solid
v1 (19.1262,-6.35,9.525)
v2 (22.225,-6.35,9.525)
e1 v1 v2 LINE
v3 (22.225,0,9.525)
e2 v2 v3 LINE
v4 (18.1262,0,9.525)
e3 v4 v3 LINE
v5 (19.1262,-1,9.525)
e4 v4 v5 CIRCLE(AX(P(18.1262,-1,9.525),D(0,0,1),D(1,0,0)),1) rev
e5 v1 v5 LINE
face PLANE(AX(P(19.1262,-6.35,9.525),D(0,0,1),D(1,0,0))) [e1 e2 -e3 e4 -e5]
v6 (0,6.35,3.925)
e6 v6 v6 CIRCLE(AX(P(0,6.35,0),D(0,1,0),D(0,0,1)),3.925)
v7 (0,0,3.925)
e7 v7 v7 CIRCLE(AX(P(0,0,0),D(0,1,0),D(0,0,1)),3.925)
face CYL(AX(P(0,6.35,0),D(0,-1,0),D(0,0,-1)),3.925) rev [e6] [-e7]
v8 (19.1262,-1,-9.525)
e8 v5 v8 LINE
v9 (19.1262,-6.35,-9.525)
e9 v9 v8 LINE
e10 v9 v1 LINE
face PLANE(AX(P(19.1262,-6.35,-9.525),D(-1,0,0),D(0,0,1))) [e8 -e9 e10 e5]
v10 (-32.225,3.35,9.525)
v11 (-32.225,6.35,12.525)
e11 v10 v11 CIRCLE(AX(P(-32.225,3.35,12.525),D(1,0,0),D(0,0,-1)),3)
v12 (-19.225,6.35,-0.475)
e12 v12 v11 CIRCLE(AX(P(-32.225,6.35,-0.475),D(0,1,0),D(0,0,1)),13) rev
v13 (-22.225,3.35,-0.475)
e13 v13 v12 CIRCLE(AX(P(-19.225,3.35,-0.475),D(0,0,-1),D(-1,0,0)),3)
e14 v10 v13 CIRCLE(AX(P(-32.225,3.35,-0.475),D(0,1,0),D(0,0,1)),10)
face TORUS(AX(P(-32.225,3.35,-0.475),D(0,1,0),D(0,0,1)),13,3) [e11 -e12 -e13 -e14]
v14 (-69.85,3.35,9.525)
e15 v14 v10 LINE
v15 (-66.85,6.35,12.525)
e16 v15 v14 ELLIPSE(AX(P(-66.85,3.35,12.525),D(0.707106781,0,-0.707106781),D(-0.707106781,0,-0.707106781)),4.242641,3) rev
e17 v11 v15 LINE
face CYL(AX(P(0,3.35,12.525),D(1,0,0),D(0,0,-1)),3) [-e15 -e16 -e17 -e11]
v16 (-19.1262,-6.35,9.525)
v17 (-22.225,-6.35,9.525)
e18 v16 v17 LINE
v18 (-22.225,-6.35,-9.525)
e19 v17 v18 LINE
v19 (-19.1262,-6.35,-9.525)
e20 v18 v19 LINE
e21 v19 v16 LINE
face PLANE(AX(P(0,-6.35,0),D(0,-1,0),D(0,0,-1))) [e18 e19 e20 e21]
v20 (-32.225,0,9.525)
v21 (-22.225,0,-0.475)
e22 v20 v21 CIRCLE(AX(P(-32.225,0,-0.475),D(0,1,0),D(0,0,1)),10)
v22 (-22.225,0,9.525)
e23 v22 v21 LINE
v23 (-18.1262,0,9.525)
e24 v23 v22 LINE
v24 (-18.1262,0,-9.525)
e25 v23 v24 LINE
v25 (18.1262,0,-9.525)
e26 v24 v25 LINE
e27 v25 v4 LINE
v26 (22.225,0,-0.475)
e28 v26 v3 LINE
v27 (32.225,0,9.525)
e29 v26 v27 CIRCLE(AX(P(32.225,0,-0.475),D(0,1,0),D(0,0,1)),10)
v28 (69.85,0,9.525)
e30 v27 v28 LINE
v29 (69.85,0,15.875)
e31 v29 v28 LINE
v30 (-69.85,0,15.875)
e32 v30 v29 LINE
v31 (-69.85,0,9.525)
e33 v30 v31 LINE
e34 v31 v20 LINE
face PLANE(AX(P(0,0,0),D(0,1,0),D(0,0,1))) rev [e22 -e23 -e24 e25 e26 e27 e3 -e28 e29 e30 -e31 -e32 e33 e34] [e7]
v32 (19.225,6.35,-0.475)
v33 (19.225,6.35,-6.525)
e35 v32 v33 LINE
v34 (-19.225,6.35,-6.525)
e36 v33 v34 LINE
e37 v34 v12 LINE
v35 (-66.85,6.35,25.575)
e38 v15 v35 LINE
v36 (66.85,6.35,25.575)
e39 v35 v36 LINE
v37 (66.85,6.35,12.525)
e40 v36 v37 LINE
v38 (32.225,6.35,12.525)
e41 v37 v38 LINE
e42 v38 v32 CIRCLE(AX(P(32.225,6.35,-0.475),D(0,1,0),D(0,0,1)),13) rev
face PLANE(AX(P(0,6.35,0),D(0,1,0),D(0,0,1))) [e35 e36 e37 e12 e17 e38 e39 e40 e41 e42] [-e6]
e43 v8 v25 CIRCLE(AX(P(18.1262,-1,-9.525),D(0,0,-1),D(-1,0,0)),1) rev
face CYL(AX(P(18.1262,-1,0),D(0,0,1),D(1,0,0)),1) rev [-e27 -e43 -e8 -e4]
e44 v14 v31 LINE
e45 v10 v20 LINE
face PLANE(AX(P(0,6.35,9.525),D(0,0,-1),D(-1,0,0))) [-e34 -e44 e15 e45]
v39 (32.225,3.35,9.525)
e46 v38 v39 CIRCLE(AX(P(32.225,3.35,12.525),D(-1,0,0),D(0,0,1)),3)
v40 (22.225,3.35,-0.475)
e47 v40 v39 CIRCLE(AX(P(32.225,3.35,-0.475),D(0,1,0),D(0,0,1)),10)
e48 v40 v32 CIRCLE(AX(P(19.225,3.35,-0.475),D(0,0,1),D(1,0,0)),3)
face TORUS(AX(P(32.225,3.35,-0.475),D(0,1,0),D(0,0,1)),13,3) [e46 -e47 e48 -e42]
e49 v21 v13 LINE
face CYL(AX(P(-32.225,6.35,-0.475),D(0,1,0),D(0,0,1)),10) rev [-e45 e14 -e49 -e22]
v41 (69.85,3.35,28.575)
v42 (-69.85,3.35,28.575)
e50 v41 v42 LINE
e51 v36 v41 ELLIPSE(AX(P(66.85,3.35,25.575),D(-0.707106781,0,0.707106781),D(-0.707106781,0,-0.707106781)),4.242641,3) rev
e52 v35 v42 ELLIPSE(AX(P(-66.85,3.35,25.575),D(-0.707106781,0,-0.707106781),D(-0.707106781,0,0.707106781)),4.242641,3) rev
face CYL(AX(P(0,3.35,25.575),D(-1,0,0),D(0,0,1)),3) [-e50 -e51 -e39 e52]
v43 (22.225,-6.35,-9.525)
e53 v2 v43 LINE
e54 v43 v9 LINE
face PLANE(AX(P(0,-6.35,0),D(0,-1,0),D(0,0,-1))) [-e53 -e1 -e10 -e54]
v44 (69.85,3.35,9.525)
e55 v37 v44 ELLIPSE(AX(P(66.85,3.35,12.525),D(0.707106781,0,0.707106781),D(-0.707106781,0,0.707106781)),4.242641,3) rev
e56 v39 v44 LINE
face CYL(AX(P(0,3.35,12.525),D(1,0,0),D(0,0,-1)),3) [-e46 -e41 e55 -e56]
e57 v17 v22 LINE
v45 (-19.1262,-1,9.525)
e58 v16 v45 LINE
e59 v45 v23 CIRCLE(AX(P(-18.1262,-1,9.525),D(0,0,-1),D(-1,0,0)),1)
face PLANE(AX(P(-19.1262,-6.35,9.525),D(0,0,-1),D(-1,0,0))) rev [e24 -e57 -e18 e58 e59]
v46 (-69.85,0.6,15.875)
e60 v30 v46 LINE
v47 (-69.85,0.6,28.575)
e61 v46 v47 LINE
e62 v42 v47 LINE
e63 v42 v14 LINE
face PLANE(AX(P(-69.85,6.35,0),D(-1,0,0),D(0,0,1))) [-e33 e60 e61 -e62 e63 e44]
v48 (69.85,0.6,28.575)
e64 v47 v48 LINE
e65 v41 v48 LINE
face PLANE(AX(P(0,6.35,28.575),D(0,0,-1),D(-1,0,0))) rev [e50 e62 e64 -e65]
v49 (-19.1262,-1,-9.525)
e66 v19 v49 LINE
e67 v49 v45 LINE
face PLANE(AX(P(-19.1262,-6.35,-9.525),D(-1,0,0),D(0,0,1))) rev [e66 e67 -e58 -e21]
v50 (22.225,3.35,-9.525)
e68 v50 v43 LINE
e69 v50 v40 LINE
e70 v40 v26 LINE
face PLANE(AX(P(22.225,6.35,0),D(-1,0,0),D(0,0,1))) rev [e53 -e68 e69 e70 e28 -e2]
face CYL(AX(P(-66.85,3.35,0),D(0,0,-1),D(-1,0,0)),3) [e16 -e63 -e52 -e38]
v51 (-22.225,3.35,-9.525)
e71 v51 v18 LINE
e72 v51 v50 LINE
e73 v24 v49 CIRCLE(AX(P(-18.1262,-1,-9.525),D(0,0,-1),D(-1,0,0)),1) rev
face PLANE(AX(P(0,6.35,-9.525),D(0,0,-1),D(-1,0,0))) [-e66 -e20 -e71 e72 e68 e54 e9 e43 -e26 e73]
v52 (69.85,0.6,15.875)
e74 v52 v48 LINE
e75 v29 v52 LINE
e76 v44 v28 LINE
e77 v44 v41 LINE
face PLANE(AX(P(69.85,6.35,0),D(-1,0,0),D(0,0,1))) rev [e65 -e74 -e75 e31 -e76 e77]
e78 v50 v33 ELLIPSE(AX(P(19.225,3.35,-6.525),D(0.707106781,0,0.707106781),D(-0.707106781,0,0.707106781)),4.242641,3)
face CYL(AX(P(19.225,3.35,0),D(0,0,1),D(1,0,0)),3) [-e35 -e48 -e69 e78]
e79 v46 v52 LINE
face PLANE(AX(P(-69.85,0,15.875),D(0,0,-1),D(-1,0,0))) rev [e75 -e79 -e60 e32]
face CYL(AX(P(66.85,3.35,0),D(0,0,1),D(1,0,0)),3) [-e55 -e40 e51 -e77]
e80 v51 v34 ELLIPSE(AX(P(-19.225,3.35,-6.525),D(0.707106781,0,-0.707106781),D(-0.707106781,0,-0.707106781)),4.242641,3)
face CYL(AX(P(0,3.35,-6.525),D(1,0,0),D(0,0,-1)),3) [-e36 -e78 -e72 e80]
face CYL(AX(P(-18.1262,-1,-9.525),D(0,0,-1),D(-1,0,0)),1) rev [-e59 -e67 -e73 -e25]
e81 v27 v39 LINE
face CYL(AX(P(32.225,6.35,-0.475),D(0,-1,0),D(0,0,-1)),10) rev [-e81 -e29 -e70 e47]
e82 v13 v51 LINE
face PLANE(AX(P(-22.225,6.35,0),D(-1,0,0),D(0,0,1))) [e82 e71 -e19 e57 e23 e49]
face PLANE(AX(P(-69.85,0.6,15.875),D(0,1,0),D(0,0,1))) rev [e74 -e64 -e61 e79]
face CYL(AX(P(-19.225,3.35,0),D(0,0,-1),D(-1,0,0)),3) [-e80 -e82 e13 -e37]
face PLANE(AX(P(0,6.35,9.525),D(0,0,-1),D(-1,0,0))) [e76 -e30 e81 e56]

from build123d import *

# Parameters (mm, degrees)
SKETCH1_R           = 8.89
SKETCH1_R_2         = 3.925
BOSS_EXTRUDE1_DEPTH = 6.35
SKETCH2_W           = 12.7
SKETCH2_H           = 0.6
CUT_EXTRUDE1_DEPTH  = 143.733819135
SKETCH3_W           = 3.0988
SKETCH3_H           = 19.05
BOSS_EXTRUDE2_DEPTH = 6.35
FILLET4_R           = 10
FILLET1_R           = 3
FILLET2_R           = 1


with BuildPart() as part:
    # Sketch1 → Boss-Extrude1 (new body)
    # profile 1 of 2: a face of its own
    with BuildSketch(Plane(origin=(0, 0, 0), x_dir=(1, 0, 0), z_dir=(0, 1, 0))):
        Polygon((-69.85, -28.575), (69.85, -28.575), (69.85, -9.525), (22.225, -9.525), (22.225, 9.525), (-22.225, 9.525), (-22.225, -9.525), (-69.85, -9.525), align=None)
        Circle(SKETCH1_R, mode=Mode.SUBTRACT)
    # profile 2 of 2: a face of its own
    with BuildSketch(Plane(origin=(0, 0, 0), x_dir=(1, 0, 0), z_dir=(0, 1, 0))):
        Circle(SKETCH1_R)
        with Locations(Location((0, 0, 0), (0, 0, 270))):
            Circle(SKETCH1_R_2, mode=Mode.SUBTRACT)
    extrude(amount=BOSS_EXTRUDE1_DEPTH)

    # Sketch2 → Cut-Extrude1 (cut, through all)
    with BuildSketch(Plane(origin=(69.85, 0, 0), x_dir=(0, 0, -1), z_dir=(1, 0, 0))):
        with Locations((-22.225, 0.3)):
            Rectangle(SKETCH2_W, SKETCH2_H)
    extrude(amount=-CUT_EXTRUDE1_DEPTH, mode=Mode.SUBTRACT)

    # Sketch3 → Boss-Extrude2 (add)
    with BuildSketch(Plane.XZ):
        with Locations((-20.6756, 0)):
            Rectangle(SKETCH3_W, SKETCH3_H)
    boss_extrude2 = extrude(amount=BOSS_EXTRUDE2_DEPTH)

    # Mirror1: Boss-Extrude2 across plane
    add(boss_extrude2.mirror(Plane(origin=(0, 0, 0), x_dir=(0, 0, 1), z_dir=(1, 0, 0))))

    # Fillet4
    fillet4_edges = [part.edges().sort_by_distance(p)[0] for p in [
        (-22.225, 3.175, 9.525),
        (22.225, 3.175, 9.525),
    ]]
    fillet(fillet4_edges, radius=FILLET4_R)

    # Fillet1
    fillet1_edges = [part.edges().sort_by_distance(p)[0] for p in [
        (0, 6.35, 28.575),
        (69.85, 6.35, 19.05),
        (0, 6.35, -9.525),
        (-51.0375, 6.35, 9.525),
        (-69.85, 6.35, 19.05),
        (22.225, 6.35, -5),
        (51.0375, 6.35, 9.525),
        (-22.225, 6.35, -5),
        (25.153932188, 6.35, 6.596067812),
        (-25.153932188, 6.35, 6.596067812),
    ]]
    fillet(fillet1_edges, radius=FILLET1_R)

    # Fillet2
    fillet2_edges = [part.edges().sort_by_distance(p)[0] for p in [
        (-19.1262, 0, 0),
        (19.1262, 0, 0),
    ]]
    fillet(fillet2_edges, radius=FILLET2_R)


solid = part.part
